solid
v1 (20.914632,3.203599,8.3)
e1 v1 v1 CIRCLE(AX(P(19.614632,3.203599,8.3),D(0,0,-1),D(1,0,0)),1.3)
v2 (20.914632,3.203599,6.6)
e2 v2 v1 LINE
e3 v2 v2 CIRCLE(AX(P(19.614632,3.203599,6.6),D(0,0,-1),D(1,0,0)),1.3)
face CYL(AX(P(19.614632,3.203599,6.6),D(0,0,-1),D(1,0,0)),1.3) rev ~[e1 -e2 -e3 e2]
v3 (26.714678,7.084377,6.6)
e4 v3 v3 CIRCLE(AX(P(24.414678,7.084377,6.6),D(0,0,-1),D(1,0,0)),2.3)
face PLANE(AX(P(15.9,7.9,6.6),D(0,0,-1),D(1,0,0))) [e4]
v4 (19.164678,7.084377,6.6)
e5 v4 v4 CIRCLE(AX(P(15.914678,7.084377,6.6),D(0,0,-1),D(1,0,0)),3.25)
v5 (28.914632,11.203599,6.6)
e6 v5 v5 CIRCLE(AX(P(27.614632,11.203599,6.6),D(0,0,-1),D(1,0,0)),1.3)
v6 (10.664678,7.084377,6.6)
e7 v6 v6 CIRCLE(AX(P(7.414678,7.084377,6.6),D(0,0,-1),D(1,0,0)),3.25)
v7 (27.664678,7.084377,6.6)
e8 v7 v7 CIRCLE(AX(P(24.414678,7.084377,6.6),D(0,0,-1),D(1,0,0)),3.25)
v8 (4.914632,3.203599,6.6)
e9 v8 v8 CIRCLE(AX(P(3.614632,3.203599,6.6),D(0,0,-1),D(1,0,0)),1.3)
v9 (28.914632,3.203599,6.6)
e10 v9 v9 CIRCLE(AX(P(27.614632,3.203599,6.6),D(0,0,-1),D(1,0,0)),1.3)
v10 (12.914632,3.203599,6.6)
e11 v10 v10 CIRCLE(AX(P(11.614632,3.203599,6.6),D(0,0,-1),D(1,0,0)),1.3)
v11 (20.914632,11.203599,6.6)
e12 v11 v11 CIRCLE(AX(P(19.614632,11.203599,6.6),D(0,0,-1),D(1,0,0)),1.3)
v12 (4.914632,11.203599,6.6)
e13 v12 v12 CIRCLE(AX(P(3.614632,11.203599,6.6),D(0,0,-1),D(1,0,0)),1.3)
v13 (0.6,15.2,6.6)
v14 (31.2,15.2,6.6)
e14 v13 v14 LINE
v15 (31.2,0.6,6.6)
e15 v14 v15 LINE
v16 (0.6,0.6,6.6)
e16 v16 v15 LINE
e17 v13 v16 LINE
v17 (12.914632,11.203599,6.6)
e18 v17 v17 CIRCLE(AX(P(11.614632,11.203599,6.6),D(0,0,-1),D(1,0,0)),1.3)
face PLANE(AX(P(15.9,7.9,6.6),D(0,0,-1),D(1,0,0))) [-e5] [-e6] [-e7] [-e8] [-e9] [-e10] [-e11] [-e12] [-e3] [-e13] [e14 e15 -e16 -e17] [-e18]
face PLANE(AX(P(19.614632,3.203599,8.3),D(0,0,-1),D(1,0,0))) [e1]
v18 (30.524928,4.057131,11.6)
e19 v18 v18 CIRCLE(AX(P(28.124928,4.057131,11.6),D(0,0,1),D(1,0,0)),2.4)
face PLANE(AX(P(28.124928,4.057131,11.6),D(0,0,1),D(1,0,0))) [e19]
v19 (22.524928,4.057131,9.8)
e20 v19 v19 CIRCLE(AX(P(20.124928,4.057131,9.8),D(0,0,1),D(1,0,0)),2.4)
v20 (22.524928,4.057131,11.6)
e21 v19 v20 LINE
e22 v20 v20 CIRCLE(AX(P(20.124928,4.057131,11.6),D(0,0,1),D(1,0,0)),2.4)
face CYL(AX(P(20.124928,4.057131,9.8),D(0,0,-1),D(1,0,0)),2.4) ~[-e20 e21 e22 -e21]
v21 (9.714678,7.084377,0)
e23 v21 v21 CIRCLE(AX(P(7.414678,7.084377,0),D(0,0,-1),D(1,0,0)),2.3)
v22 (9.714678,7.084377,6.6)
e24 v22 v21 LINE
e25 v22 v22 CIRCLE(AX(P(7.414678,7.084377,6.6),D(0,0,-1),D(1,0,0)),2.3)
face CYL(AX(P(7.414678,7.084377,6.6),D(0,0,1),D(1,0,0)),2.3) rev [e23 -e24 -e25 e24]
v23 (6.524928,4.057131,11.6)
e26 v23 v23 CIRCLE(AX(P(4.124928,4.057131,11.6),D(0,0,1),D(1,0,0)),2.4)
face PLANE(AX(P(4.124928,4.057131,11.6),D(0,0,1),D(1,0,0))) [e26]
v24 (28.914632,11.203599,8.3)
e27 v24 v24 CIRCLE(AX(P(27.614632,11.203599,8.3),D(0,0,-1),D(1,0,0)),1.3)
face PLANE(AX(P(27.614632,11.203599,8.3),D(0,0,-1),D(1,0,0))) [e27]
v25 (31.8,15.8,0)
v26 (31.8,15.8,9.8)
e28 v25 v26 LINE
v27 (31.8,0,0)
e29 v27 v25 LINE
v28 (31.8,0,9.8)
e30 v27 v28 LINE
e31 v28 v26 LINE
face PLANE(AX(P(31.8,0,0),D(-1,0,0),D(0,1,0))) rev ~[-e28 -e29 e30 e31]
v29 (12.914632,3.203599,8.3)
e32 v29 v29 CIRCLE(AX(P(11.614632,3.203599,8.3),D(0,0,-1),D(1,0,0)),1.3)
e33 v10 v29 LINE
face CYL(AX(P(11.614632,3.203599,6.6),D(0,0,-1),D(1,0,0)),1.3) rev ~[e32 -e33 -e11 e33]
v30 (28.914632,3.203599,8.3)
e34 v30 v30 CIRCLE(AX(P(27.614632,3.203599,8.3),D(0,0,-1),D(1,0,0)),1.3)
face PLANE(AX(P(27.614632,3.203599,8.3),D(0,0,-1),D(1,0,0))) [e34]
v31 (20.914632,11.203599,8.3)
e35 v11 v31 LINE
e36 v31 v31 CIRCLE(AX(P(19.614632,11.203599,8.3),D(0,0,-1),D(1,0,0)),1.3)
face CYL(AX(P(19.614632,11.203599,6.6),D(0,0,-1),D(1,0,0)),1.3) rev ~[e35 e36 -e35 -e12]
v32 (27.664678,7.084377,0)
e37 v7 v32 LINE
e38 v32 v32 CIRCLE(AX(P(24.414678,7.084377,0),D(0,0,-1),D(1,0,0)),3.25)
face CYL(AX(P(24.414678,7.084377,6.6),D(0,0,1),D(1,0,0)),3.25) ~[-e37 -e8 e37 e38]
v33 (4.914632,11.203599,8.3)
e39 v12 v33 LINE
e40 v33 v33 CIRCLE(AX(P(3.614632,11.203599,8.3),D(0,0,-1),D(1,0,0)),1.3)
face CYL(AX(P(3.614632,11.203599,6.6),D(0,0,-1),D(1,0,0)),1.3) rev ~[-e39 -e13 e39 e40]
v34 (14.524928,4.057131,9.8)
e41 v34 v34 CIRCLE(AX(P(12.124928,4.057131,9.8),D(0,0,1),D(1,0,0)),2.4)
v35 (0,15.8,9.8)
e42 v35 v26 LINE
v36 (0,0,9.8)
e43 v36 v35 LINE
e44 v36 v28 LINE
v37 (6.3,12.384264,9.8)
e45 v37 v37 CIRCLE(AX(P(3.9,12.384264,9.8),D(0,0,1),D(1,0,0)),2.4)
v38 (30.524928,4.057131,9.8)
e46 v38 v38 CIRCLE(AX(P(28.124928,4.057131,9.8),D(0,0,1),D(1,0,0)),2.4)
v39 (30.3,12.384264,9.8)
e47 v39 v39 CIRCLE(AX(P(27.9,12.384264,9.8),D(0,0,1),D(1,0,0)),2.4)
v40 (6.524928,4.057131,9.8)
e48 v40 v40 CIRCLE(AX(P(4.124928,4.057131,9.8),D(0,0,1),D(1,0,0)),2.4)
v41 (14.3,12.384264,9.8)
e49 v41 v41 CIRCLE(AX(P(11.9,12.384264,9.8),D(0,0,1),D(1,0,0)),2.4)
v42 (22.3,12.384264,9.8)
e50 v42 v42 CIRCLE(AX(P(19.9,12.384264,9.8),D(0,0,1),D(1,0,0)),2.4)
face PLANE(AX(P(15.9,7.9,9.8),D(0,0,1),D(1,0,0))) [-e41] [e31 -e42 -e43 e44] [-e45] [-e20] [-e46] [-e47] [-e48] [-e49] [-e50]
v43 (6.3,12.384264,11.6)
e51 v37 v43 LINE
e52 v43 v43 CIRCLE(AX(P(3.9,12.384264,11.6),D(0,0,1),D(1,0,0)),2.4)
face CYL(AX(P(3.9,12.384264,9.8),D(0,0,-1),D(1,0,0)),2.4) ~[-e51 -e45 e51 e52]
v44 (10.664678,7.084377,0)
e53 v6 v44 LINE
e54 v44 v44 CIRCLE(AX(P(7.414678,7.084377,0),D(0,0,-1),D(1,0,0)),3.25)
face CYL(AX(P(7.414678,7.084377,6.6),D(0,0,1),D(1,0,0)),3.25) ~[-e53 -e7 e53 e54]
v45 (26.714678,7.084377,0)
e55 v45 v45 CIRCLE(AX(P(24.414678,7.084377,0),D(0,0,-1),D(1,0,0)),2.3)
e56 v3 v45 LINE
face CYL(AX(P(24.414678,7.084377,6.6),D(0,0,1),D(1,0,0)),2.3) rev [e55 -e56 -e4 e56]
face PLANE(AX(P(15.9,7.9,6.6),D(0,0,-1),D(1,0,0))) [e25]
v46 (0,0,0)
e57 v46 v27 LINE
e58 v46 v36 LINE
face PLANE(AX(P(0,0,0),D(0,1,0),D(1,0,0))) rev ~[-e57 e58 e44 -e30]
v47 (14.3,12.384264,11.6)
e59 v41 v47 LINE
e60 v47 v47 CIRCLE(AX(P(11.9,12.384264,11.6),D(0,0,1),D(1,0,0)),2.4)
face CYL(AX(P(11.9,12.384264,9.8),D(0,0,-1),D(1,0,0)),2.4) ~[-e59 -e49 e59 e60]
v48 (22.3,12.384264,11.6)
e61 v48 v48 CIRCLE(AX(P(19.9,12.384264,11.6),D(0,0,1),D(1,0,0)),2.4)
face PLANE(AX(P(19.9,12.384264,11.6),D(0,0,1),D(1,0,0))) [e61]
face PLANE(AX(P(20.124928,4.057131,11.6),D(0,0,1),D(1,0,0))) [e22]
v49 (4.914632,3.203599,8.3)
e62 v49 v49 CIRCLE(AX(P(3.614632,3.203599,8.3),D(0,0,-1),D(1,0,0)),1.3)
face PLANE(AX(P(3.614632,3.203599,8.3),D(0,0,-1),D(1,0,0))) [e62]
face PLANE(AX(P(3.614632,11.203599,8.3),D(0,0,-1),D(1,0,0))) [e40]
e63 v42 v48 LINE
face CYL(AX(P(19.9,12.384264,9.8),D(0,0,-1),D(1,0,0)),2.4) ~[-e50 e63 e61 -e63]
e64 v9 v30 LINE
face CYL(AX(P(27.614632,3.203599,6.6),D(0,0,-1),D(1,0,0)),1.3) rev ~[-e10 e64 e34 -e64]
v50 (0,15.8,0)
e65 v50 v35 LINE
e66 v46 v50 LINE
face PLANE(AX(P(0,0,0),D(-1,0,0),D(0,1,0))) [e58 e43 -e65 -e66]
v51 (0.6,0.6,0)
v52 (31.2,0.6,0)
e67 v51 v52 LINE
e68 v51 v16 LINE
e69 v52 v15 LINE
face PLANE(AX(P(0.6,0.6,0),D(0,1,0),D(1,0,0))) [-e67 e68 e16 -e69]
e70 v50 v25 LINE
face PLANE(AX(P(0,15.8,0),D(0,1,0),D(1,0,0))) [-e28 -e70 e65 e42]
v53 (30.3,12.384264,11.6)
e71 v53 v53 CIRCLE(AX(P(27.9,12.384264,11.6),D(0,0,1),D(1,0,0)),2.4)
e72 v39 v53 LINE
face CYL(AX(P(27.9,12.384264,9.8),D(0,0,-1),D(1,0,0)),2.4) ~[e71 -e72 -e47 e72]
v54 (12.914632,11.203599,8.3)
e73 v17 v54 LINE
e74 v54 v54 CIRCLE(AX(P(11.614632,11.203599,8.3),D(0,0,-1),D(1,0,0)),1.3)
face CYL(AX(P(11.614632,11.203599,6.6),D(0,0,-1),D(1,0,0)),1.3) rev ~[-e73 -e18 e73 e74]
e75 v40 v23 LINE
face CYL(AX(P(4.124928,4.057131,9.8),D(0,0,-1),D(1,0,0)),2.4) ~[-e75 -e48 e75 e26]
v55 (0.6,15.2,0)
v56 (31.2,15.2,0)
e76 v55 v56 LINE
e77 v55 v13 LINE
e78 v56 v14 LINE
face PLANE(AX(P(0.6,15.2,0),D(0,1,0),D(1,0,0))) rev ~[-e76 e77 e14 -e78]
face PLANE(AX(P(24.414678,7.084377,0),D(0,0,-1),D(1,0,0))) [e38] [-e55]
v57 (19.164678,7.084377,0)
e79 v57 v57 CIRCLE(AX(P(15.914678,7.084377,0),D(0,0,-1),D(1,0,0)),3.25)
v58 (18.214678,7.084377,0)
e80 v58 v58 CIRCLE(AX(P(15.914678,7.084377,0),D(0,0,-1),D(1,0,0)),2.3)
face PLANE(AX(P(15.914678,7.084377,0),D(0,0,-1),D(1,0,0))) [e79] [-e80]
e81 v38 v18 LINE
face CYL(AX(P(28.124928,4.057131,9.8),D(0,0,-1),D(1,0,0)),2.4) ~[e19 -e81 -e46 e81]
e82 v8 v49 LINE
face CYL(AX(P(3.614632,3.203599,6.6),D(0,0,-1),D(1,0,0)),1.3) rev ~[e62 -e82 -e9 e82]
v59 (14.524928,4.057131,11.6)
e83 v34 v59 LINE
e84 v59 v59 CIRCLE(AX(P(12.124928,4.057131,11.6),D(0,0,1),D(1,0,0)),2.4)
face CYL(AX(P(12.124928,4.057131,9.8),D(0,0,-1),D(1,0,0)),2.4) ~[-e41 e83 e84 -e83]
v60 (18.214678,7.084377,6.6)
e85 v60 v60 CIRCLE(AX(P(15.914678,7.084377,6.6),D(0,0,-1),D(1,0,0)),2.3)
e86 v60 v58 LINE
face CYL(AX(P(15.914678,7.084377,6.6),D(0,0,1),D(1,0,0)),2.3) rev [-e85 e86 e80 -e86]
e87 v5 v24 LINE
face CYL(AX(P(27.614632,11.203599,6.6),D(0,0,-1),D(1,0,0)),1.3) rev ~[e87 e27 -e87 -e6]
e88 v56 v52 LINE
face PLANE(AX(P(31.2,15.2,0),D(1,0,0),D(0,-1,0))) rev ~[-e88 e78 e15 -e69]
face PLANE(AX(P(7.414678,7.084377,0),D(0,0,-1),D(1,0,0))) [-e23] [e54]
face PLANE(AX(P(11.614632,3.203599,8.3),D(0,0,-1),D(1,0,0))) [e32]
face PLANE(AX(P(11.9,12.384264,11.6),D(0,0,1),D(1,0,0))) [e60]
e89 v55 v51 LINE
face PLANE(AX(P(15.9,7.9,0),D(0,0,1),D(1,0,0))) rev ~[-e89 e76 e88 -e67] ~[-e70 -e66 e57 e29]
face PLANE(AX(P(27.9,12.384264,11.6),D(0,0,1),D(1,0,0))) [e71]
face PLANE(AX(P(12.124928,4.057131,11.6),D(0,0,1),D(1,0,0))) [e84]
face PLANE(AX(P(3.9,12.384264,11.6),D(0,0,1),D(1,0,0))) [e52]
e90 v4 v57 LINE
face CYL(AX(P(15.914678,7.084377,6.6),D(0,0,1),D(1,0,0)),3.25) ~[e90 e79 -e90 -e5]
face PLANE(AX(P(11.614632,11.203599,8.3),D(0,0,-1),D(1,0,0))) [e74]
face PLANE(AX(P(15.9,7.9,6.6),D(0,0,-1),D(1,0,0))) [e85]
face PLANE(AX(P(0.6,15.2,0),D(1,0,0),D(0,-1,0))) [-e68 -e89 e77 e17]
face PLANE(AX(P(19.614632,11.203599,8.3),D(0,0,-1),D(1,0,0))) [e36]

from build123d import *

# Parameters (mm, degrees)
F0_W     = 31.8
F0_H     = 15.8
F1_DEPTH = 9.8
F2_R     = 2.4
F3_DEPTH = 1.8
F4_W     = 30.6
F4_H     = 14.6
F5_DEPTH = 6.6
F6_R     = 1.3
F7_DEPTH = 1.7
F8_R     = 3.25
F8_R_2   = 2.3
F9_DEPTH = 6.6


with BuildPart() as f1:
    # F0 (on Top) → F1 (new body)
    with BuildSketch(Plane.XY):
        with Locations((15.9, 7.9)):
            Rectangle(F0_W, F0_H)
    extrude(amount=F1_DEPTH)

    # F2 (on face) → F3 (join)
    with BuildSketch(Plane.XY.offset(9.8)):
        with Locations((3.9, 12.384264)):
            Circle(F2_R)
        with Locations((28.124928, 4.057131)):
            Circle(F2_R)
        with Locations((27.9, 12.384264)):
            Circle(F2_R)
        with Locations((19.9, 12.384264)):
            Circle(F2_R)
        with Locations((20.124928, 4.057131)):
            Circle(F2_R)
        with Locations((11.9, 12.384264)):
            Circle(F2_R)
        with Locations((12.124928, 4.057131)):
            Circle(F2_R)
        with Locations((4.124928, 4.057131)):
            Circle(F2_R)
    extrude(amount=F3_DEPTH)

    # F4 (on face) → F5 (cut)
    with BuildSketch(Plane(origin=(0, 0, 0), x_dir=(1, 0, 0), z_dir=(0, 0, -1))):
        with Locations((15.9, -7.9)):
            Rectangle(F4_W, F4_H)
    extrude(amount=-F5_DEPTH, mode=Mode.SUBTRACT)

    # F6 (on face) → F7 (cut)
    with BuildSketch(Plane(origin=(0, 0, 6.6), x_dir=(1, 0, 0), z_dir=(0, 0, -1))):
        with Locations((3.614632, -3.203599)):
            Circle(F6_R)
        with Locations((11.614632, -3.203599)):
            Circle(F6_R)
        with Locations((19.614632, -3.203599)):
            Circle(F6_R)
        with Locations((27.614632, -3.203599)):
            Circle(F6_R)
        with Locations((27.614632, -11.203599)):
            Circle(F6_R)
        with Locations((19.614632, -11.203599)):
            Circle(F6_R)
        with Locations((11.614632, -11.203599)):
            Circle(F6_R)
        with Locations((3.614632, -11.203599)):
            Circle(F6_R)
    extrude(amount=-F7_DEPTH, mode=Mode.SUBTRACT)

    # F8 (on face) → F9 (join)
    with BuildSketch(Plane(origin=(0, 0, 6.6), x_dir=(1, 0, 0), z_dir=(0, 0, -1))):
        with Locations((7.414678, -7.084377)):
            Circle(F8_R)
        with Locations((7.414678, -7.084377)):
            Circle(F8_R_2, mode=Mode.SUBTRACT)
        with Locations((15.914678, -7.084377)):
            Circle(F8_R)
        with Locations((15.914678, -7.084377)):
            Circle(F8_R_2, mode=Mode.SUBTRACT)
        with Locations((24.414678, -7.084377)):
            Circle(F8_R)
        with Locations((24.414678, -7.084377)):
            Circle(F8_R_2, mode=Mode.SUBTRACT)
    extrude(amount=F9_DEPTH)


solid = f1.part
